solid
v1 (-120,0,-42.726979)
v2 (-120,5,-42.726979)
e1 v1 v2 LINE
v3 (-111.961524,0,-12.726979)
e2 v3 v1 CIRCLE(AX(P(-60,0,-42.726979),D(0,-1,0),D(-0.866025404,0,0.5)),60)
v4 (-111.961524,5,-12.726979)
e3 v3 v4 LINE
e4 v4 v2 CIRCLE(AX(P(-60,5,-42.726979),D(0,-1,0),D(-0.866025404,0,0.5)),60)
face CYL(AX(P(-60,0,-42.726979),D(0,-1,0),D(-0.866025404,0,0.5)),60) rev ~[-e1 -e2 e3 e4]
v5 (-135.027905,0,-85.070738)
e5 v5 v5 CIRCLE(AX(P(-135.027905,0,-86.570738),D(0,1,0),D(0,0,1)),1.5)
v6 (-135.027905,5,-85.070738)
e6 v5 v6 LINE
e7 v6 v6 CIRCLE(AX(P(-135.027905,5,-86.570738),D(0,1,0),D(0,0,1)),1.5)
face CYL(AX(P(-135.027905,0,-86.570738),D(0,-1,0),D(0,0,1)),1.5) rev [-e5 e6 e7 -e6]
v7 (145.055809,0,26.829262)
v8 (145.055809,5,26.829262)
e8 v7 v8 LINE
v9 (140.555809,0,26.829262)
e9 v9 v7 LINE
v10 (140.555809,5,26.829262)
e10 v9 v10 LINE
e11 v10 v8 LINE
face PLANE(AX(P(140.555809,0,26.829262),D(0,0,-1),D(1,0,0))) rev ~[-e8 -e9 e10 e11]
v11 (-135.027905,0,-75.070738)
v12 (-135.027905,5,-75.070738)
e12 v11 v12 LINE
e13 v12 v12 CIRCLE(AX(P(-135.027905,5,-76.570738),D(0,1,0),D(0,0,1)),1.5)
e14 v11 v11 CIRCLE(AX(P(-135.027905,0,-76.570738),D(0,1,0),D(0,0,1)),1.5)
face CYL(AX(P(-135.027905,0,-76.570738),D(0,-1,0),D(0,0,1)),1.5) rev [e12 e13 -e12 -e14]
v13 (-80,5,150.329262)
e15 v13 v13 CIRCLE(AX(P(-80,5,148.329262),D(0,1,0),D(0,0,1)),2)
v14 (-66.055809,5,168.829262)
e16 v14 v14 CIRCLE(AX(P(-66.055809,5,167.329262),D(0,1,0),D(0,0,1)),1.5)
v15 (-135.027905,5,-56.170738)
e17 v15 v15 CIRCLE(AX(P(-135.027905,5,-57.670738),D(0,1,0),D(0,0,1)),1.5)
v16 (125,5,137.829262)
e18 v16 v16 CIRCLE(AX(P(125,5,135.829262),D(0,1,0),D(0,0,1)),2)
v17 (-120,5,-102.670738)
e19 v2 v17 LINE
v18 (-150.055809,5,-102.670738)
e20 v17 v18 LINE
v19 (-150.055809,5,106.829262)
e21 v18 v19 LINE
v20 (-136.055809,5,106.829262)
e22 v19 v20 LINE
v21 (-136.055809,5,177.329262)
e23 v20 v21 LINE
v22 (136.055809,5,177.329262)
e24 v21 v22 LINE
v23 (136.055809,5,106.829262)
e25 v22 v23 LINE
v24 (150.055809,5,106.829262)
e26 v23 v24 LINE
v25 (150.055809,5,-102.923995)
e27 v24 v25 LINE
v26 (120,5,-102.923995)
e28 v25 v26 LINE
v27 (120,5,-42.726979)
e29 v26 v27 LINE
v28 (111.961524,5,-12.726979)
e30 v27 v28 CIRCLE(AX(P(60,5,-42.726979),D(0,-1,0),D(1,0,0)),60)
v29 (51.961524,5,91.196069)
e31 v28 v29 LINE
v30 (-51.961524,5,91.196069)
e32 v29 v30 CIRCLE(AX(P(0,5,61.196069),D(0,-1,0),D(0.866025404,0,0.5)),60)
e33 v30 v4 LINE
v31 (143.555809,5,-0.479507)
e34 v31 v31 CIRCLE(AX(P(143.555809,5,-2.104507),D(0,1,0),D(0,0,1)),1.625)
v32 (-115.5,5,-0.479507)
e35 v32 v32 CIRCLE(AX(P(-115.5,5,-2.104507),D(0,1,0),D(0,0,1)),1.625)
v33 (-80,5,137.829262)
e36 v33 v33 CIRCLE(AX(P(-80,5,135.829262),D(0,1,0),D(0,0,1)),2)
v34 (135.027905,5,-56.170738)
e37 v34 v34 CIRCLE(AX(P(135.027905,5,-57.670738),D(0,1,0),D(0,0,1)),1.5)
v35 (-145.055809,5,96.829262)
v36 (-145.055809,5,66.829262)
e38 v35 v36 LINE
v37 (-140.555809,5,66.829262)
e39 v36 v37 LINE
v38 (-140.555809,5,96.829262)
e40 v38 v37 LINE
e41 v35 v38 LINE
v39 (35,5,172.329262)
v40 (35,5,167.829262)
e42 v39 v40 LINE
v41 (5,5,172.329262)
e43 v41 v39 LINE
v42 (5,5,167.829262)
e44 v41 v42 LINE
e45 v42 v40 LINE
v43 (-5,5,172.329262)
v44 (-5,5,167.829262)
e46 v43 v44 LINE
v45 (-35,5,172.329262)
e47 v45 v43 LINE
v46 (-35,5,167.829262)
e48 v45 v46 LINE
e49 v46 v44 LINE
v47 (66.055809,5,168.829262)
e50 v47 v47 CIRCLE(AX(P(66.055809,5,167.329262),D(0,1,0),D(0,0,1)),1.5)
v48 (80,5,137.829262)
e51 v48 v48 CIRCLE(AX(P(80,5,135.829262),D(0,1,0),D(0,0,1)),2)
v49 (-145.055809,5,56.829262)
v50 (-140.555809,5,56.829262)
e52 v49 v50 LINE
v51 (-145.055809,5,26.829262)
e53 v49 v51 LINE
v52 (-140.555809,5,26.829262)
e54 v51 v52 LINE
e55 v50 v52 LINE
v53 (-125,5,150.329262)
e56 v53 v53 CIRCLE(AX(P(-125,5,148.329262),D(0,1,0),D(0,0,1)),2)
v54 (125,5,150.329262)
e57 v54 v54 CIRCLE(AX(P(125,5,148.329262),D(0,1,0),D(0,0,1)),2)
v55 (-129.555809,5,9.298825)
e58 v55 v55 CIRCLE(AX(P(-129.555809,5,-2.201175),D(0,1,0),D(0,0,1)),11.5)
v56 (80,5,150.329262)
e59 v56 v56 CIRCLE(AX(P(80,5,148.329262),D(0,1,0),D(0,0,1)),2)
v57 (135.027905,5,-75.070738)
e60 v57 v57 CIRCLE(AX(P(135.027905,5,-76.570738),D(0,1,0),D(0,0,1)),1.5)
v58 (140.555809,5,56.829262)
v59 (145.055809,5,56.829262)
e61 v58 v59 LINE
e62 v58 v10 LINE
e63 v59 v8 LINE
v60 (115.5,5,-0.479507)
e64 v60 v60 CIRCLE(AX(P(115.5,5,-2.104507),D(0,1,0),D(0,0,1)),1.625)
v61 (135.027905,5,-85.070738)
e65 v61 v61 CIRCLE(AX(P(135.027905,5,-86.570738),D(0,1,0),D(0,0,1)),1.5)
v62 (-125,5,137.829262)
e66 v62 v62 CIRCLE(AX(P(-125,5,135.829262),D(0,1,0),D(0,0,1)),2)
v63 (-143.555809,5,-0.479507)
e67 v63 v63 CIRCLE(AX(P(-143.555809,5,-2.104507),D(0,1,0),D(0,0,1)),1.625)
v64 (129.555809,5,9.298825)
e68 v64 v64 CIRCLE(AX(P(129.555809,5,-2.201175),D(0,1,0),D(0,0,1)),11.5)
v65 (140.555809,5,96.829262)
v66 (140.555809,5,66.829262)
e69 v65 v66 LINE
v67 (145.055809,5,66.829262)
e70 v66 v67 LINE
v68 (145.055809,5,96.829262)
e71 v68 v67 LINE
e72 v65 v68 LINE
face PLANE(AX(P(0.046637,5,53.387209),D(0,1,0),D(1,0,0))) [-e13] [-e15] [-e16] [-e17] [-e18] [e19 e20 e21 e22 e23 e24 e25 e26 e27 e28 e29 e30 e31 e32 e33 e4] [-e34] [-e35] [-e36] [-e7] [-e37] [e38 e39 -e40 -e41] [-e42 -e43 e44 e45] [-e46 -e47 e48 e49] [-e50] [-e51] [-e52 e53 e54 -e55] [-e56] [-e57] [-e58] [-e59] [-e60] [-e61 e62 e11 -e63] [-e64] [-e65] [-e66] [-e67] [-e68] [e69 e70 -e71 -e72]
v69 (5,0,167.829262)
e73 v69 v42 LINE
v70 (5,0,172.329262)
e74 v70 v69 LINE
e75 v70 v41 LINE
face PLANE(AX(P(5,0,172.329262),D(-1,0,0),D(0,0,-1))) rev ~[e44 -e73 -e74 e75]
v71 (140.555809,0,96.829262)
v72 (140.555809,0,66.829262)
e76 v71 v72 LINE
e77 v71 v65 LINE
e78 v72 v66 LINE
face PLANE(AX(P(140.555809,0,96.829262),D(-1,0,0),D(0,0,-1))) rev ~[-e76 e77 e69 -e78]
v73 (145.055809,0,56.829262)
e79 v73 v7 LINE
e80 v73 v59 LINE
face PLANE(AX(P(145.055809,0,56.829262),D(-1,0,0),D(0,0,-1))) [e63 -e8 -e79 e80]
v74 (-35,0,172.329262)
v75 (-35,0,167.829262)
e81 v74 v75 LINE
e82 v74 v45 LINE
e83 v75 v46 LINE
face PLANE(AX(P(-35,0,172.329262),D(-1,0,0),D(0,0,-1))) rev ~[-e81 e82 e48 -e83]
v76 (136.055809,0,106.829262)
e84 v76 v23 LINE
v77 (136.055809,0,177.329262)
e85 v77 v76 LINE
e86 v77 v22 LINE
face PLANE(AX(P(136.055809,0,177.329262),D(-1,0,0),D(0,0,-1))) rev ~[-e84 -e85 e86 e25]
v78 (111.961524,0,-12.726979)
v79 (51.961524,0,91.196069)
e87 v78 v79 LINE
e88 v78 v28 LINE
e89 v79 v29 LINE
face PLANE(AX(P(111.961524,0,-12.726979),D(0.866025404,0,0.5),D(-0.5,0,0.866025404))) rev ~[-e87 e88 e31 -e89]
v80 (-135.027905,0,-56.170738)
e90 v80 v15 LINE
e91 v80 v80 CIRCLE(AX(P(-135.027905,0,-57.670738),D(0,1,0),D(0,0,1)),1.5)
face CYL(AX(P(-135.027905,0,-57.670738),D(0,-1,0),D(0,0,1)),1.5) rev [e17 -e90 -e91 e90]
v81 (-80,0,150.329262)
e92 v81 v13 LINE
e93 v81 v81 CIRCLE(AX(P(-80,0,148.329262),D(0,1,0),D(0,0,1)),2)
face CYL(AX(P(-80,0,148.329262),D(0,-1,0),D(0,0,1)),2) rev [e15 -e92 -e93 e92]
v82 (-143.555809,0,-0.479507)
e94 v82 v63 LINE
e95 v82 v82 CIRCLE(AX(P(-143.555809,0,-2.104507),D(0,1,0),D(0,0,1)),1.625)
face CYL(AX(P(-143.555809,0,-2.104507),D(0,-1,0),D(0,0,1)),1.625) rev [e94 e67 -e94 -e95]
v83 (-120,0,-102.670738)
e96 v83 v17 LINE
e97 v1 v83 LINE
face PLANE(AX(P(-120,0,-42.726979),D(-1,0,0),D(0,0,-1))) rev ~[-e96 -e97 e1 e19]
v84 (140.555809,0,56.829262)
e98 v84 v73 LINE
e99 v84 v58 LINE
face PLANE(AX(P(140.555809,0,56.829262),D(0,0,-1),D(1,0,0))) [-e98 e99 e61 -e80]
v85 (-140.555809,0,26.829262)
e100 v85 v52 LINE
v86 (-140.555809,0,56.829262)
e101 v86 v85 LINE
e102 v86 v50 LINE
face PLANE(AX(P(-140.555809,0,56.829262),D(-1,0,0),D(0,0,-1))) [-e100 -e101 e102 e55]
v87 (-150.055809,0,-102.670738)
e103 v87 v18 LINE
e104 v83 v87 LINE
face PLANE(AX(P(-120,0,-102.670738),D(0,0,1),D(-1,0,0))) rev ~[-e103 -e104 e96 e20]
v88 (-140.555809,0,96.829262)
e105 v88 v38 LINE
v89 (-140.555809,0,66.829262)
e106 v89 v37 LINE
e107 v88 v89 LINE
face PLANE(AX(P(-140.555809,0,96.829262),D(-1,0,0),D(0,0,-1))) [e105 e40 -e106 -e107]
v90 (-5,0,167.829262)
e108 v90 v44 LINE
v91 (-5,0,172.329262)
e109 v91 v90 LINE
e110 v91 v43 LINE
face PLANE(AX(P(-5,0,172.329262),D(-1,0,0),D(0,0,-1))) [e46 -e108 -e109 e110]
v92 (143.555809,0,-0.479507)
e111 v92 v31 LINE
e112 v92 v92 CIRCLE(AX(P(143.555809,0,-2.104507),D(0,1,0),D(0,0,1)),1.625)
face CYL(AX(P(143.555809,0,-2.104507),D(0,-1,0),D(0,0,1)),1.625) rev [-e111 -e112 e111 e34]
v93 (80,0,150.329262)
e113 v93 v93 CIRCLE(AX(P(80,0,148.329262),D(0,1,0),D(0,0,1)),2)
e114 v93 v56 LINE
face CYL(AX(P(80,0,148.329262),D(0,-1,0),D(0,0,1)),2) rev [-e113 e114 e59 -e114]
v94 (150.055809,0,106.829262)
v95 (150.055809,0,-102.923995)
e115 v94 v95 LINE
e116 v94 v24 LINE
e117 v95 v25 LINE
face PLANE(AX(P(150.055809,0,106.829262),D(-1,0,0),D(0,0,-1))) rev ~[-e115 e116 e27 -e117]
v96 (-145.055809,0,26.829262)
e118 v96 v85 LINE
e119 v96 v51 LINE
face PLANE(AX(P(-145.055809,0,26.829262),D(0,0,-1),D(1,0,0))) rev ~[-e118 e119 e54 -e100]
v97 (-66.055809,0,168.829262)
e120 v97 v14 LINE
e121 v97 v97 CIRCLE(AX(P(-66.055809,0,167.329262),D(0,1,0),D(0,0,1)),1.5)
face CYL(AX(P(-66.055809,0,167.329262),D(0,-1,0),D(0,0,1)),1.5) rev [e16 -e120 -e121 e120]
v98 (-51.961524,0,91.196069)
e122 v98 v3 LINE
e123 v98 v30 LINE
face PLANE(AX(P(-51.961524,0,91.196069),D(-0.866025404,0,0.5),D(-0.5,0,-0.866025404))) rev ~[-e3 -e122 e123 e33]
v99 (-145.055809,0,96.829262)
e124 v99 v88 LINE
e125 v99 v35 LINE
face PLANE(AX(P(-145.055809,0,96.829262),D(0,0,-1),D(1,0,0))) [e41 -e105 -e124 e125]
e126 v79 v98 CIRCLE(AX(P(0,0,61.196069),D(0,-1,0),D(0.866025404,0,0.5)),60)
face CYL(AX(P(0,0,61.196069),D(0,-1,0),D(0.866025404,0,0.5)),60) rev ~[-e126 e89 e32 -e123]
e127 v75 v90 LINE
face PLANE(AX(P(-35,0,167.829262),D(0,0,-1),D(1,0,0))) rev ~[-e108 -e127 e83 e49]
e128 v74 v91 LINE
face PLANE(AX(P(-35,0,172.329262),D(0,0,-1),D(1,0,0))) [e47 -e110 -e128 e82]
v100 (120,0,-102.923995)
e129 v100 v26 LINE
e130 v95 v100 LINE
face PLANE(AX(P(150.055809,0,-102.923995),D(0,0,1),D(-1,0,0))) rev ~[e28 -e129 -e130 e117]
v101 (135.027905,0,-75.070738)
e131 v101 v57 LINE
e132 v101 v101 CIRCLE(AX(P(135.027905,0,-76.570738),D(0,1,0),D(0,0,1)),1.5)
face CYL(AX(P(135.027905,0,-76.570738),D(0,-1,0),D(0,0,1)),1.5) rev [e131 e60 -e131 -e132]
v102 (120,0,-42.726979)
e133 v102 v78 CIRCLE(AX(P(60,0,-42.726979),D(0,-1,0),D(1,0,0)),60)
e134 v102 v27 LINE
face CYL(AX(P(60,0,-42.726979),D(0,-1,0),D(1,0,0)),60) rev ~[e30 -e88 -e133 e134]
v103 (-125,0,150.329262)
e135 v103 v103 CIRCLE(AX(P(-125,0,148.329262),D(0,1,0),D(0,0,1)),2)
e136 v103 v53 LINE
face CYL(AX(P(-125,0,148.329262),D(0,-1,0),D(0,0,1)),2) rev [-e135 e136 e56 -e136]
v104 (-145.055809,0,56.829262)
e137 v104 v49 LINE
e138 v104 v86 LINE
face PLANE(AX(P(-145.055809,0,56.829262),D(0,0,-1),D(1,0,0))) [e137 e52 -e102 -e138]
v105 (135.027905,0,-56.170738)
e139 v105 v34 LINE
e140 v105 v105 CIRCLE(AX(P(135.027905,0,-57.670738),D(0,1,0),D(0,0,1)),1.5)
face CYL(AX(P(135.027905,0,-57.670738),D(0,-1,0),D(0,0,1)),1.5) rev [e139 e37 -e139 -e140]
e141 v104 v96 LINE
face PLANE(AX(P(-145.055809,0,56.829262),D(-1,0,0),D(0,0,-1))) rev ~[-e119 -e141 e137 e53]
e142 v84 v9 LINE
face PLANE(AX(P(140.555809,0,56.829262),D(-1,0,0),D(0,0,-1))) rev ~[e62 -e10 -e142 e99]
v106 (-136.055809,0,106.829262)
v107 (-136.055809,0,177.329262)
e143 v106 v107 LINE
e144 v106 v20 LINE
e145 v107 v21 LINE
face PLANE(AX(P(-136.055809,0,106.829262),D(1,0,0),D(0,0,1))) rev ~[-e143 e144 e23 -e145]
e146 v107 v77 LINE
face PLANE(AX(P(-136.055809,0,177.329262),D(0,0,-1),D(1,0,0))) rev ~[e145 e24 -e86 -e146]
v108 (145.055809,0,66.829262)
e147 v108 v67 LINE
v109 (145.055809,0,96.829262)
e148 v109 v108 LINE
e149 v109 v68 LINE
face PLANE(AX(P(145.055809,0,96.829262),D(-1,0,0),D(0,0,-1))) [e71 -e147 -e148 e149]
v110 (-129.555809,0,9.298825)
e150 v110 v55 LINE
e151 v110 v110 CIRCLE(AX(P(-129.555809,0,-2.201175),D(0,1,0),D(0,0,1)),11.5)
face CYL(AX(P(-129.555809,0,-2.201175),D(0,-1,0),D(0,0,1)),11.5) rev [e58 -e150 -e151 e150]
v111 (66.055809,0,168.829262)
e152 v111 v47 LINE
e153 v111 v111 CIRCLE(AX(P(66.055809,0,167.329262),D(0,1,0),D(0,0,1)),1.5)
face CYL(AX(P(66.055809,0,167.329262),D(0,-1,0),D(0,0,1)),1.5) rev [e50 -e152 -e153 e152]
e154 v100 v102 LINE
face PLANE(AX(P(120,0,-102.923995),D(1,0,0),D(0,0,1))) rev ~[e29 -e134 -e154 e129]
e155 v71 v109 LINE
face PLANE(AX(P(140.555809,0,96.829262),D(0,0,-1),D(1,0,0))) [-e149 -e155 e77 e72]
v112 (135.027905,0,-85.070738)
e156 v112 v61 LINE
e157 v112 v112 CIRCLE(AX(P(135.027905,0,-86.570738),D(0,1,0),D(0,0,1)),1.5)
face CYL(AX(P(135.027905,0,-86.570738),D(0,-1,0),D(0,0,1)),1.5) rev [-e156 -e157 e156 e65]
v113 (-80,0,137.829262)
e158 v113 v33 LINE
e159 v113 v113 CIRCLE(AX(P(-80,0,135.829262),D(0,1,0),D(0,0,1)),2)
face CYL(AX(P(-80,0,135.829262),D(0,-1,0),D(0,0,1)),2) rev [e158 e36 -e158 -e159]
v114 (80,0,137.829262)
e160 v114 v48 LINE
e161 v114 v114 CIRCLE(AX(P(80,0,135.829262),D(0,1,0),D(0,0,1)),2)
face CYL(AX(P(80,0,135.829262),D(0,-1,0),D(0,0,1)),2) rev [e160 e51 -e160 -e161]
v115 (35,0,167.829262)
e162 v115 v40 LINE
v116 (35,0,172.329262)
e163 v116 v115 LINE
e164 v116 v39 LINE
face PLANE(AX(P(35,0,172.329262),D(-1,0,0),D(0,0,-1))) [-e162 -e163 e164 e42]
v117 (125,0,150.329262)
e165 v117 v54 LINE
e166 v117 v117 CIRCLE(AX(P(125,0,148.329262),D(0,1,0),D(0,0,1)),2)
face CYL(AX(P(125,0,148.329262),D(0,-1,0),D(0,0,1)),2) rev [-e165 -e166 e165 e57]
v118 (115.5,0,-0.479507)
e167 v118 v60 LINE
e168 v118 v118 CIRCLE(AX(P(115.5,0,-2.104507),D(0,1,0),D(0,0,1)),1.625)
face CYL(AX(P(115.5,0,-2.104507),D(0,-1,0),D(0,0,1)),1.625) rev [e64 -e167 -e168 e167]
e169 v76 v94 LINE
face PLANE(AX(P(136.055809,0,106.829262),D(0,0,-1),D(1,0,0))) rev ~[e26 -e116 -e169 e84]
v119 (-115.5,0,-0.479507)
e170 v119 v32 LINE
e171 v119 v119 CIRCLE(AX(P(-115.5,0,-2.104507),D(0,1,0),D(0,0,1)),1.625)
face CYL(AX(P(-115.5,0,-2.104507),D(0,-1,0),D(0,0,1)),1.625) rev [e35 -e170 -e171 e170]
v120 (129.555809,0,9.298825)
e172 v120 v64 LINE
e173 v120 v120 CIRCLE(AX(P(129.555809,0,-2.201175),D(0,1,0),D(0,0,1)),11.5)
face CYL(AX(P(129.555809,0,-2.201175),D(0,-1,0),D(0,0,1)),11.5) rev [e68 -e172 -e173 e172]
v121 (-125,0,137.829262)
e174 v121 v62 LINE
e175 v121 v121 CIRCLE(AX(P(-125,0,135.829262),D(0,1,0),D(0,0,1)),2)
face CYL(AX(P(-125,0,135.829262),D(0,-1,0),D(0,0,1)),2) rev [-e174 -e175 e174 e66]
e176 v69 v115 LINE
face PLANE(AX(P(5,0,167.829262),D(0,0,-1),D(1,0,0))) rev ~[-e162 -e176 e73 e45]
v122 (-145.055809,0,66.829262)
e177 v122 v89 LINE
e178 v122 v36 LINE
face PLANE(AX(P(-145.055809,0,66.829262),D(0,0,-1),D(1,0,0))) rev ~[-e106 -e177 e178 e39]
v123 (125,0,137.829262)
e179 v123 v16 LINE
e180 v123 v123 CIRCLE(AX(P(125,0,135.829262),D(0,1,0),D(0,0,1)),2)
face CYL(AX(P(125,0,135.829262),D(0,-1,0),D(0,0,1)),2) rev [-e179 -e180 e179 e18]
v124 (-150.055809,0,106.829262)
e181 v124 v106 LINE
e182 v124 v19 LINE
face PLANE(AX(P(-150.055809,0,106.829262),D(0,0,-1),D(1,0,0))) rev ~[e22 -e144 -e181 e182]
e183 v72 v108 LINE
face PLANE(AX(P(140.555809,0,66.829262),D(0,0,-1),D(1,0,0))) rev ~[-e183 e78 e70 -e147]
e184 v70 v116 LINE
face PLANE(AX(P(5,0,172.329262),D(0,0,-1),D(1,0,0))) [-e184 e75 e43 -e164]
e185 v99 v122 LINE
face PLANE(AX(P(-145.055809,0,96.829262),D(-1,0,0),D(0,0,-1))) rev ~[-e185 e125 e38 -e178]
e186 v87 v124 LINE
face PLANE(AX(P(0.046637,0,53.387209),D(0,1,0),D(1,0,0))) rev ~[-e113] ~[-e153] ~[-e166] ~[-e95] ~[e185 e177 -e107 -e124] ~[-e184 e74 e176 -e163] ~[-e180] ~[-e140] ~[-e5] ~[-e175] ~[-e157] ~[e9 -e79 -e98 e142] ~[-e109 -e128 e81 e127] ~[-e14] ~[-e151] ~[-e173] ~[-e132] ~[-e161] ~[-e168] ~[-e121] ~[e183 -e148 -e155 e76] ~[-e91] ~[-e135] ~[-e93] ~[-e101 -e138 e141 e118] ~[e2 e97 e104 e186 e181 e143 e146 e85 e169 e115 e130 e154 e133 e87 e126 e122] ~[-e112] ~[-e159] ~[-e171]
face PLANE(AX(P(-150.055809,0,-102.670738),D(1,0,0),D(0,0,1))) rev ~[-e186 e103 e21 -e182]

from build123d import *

# Parameters (mm, degrees)
SKETCH2_R           = 1.625
SKETCH2_R_2         = 11.5
SKETCH2_R_3         = 2
SKETCH2_R_4         = 1.5
SKETCH2_W           = 30
SKETCH2_H           = 4.5
SKETCH2_W_2         = 4.5
SKETCH2_H_2         = 30
BOSS_EXTRUDE1_DEPTH = 5


with BuildPart() as part:
    # Sketch2 → Boss-Extrude1 (new body)
    with BuildSketch(Plane(origin=(0, 0, 0), x_dir=(1, 0, 0), z_dir=(0, 1, 0))):
        with BuildLine():
            Line((-120, 42.726979343), (-120, 102.67073807))
            Line((-120, 102.67073807), (-150.055809303, 102.67073807))
            Line((-150.055809303, 102.67073807), (-150.055809303, -106.82926193))
            Line((-150.055809303, -106.82926193), (-136.055809303, -106.82926193))
            Line((-136.055809303, -106.82926193), (-136.055809303, -177.32926193))
            Line((-136.055809303, -177.32926193), (136.055809303, -177.32926193))
            Line((136.055809303, -177.32926193), (136.055809303, -106.82926193))
            Line((136.055809303, -106.82926193), (150.055809303, -106.82926193))
            Line((150.055809303, -106.82926193), (150.055809303, 102.923994861))
            Line((150.055809303, 102.923994861), (120, 102.923994861))
            Line((120, 102.923994861), (120, 87.604878279))
            Line((120, 87.604878279), (120, 42.726979343))
            ThreePointArc((120, 42.726979343), (117.955549577, 27.197836637), (111.961524227, 12.726979343))
            Line((111.961524227, 12.726979343), (51.961524227, -91.196069111))
            ThreePointArc((51.961524227, -91.196069111), (0, -121.196069111), (-51.961524227, -91.196069111))
            Line((-51.961524227, -91.196069111), (-111.961524227, 12.726979343))
            ThreePointArc((-111.961524227, 12.726979343), (-117.955549577, 27.197836637), (-120, 42.726979343))
        make_face()
        with Locations(Location((-143.555809303, 2.104507355, 0), (0, 0, 270))):
            Circle(SKETCH2_R, mode=Mode.SUBTRACT)
        with Locations(Location((-115.5, 2.104507355, 0), (0, 0, 270))):
            Circle(SKETCH2_R, mode=Mode.SUBTRACT)
        with Locations(Location((115.5, 2.104507355, 0), (0, 0, 270))):
            Circle(SKETCH2_R, mode=Mode.SUBTRACT)
        with Locations(Location((143.555809303, 2.104507355, 0), (0, 0, 270))):
            Circle(SKETCH2_R, mode=Mode.SUBTRACT)
        with Locations(Location((129.555809303, 2.201175016, 0), (0, 0, 270))):
            Circle(SKETCH2_R_2, mode=Mode.SUBTRACT)
        with Locations(Location((-129.555809303, 2.201175016, 0), (0, 0, 270))):
            Circle(SKETCH2_R_2, mode=Mode.SUBTRACT)
        with Locations(Location((-125, -135.82926193, 0), (0, 0, 270))):
            Circle(SKETCH2_R_3, mode=Mode.SUBTRACT)
        with Locations(Location((-125, -148.32926193, 0), (0, 0, 270))):
            Circle(SKETCH2_R_3, mode=Mode.SUBTRACT)
        with Locations(Location((-80, -135.82926193, 0), (0, 0, 270))):
            Circle(SKETCH2_R_3, mode=Mode.SUBTRACT)
        with Locations(Location((-80, -148.32926193, 0), (0, 0, 270))):
            Circle(SKETCH2_R_3, mode=Mode.SUBTRACT)
        with Locations(Location((80, -135.82926193, 0), (0, 0, 270))):
            Circle(SKETCH2_R_3, mode=Mode.SUBTRACT)
        with Locations(Location((80, -148.32926193, 0), (0, 0, 270))):
            Circle(SKETCH2_R_3, mode=Mode.SUBTRACT)
        with Locations(Location((125, -148.32926193, 0), (0, 0, 270))):
            Circle(SKETCH2_R_3, mode=Mode.SUBTRACT)
        with Locations(Location((125, -135.82926193, 0), (0, 0, 270))):
            Circle(SKETCH2_R_3, mode=Mode.SUBTRACT)
        with Locations(Location((-135.027904651, 86.57073807, 0), (0, 0, 270))):
            Circle(SKETCH2_R_4, mode=Mode.SUBTRACT)
        with Locations(Location((-135.027904651, 76.57073807, 0), (0, 0, 270))):
            Circle(SKETCH2_R_4, mode=Mode.SUBTRACT)
        with Locations(Location((135.027904651, 76.57073807, 0), (0, 0, 270))):
            Circle(SKETCH2_R_4, mode=Mode.SUBTRACT)
        with Locations(Location((135.027904651, 86.57073807, 0), (0, 0, 270))):
            Circle(SKETCH2_R_4, mode=Mode.SUBTRACT)
        with Locations(Location((-135.027904651, 57.67073807, 0), (0, 0, 270))):
            Circle(SKETCH2_R_4, mode=Mode.SUBTRACT)
        with Locations(Location((135.027904651, 57.67073807, 0), (0, 0, 270))):
            Circle(SKETCH2_R_4, mode=Mode.SUBTRACT)
        with Locations(Location((66.055809303, -167.32926193, 0), (0, 0, 270))):
            Circle(SKETCH2_R_4, mode=Mode.SUBTRACT)
        with Locations(Location((-66.055809303, -167.32926193, 0), (0, 0, 270))):
            Circle(SKETCH2_R_4, mode=Mode.SUBTRACT)
        with Locations((-20, -170.07926193)):
            Rectangle(SKETCH2_W, SKETCH2_H, mode=Mode.SUBTRACT)
        with Locations((20, -170.07926193)):
            Rectangle(SKETCH2_W, SKETCH2_H, mode=Mode.SUBTRACT)
        with Locations((142.805809303, -81.82926193)):
            Rectangle(SKETCH2_W_2, SKETCH2_H_2, mode=Mode.SUBTRACT)
        with Locations((142.805809303, -41.82926193)):
            Rectangle(SKETCH2_W_2, SKETCH2_H_2, mode=Mode.SUBTRACT)
        with Locations((-142.805809303, -81.82926193)):
            Rectangle(SKETCH2_W_2, SKETCH2_H_2, mode=Mode.SUBTRACT)
        with Locations((-142.805809303, -41.82926193)):
            Rectangle(SKETCH2_W_2, SKETCH2_H_2, mode=Mode.SUBTRACT)
    extrude(amount=BOSS_EXTRUDE1_DEPTH)


solid = part.part
